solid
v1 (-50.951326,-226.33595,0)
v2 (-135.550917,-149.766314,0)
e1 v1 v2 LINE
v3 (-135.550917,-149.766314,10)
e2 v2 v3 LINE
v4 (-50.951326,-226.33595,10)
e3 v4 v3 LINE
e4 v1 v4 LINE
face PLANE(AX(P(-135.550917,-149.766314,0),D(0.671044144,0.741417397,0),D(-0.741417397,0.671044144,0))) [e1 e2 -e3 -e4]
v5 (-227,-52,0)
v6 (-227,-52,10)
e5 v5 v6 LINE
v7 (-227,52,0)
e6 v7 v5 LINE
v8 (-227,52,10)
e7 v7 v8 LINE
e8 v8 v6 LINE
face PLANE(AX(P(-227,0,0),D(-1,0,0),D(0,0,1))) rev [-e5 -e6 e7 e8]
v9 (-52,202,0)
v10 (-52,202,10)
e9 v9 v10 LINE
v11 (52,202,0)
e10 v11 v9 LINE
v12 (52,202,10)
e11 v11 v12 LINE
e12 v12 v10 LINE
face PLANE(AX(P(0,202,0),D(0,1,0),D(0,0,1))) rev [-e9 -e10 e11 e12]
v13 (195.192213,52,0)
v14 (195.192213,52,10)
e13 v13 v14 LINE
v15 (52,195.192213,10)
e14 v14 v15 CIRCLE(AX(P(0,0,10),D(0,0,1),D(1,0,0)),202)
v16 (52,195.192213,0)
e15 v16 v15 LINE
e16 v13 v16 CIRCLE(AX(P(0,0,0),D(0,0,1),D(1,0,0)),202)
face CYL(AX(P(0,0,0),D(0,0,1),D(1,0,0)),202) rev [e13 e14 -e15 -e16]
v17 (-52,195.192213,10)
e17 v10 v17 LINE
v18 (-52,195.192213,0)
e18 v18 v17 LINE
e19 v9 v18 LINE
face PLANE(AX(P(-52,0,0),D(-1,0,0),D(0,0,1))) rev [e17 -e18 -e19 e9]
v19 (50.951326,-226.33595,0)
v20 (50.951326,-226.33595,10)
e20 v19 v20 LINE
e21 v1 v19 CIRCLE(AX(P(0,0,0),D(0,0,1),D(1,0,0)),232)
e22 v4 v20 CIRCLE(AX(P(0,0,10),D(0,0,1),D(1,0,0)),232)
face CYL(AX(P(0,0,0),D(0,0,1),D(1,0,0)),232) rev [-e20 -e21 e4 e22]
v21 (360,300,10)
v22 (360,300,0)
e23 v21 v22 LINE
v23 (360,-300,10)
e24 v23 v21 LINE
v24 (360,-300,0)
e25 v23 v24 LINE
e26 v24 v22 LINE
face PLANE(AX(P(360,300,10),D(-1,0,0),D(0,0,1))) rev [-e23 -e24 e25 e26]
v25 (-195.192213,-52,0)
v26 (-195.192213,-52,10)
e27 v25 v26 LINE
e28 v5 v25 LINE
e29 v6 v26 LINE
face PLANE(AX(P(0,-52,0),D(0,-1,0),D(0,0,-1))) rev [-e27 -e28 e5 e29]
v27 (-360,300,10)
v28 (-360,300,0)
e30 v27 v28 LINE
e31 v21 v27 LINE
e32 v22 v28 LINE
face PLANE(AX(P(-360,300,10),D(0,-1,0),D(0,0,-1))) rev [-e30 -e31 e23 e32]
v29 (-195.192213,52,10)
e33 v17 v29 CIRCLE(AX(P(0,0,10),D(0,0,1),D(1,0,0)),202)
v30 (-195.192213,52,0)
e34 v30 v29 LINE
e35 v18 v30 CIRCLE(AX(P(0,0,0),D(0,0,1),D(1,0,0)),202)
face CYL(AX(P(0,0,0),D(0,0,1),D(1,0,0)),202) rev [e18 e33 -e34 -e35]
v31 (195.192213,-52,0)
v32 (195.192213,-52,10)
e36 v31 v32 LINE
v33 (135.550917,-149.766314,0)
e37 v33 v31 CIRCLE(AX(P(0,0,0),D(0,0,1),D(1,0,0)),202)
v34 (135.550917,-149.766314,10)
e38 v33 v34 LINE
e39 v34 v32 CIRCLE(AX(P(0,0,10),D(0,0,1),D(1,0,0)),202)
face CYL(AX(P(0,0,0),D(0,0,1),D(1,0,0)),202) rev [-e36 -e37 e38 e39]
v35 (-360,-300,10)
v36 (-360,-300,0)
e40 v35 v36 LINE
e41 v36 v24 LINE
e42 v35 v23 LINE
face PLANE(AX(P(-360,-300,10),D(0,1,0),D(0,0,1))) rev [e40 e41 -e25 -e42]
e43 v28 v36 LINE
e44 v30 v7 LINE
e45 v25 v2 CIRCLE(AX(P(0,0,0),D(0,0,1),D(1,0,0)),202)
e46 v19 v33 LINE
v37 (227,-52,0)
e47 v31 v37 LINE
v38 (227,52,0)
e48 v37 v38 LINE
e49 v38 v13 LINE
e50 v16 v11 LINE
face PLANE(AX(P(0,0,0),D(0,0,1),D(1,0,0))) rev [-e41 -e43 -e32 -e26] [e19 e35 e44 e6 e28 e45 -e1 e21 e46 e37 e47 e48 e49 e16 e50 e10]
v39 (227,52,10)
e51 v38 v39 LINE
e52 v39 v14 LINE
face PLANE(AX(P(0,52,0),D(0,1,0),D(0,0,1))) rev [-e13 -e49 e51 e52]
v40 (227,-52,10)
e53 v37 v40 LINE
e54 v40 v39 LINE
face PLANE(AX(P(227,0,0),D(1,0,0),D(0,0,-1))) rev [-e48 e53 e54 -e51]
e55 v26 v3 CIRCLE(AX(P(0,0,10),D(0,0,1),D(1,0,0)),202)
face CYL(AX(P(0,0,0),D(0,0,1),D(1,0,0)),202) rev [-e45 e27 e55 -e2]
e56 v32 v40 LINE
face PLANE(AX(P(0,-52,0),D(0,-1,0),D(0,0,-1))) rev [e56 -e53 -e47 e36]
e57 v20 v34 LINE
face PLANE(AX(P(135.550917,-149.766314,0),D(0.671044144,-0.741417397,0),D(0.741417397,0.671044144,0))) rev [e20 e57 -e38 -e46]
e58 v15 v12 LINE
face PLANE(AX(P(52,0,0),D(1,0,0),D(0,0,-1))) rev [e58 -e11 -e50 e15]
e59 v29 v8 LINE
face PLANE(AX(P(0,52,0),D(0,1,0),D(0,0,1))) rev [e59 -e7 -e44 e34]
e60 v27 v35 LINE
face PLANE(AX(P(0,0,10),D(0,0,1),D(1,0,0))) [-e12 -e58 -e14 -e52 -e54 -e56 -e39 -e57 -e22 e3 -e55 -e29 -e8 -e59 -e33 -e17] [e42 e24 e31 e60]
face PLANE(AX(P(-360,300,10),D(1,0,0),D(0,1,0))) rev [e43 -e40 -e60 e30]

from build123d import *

# Parameters (mm, degrees)
SKETCH_1_W          = 720
SKETCH_1_H          = 600
EXTRUDE_1_DEPTH     = 10
CUT_EXTRUDE_2_DEPTH = 469.72166581


with BuildPart() as part:
    # 草圖1 → 填料-伸長1 (new body)
    with BuildSketch(Plane.XY):
        Rectangle(SKETCH_1_W, SKETCH_1_H)
    extrude(amount=EXTRUDE_1_DEPTH)

    # 草圖2 → 除料-伸長2 (cut, through all)
    with BuildSketch(Plane.XY.offset(10)):
        with BuildLine():
            Line((-227, -52), (-195.192212959, -52))
            ThreePointArc((-195.192212959, -52), (-195.455703203, -51.000667501), (-195.714077164, -50))
            Line((-195.714077164, -50), (-225, -50))
            Line((-225, -50), (-225, 50))
            Line((-225, 50), (-195.714077164, 50))
            ThreePointArc((-195.714077164, 50), (-195.455703203, 51.000667501), (-195.192212959, 52))
            Line((-195.192212959, 52), (-227, 52))
            Line((-227, 52), (-227, -52))
        make_face()
        with BuildLine():
            Line((-225, -50), (-195.714077164, -50))
            ThreePointArc((-195.714077164, -50), (-202, 0), (-195.714077164, 50))
            Line((-195.714077164, 50), (-225, 50))
            Line((-225, 50), (-225, -50))
        make_face()
        with BuildLine():
            ThreePointArc((-193.64916731, 50), (-200, 0), (-193.64916731, -50))
            Line((-193.64916731, -50), (-125, -50))
            Line((-125, -50), (-125, 50))
            Line((-125, 50), (-193.64916731, 50))
        make_face()
        with BuildLine():
            ThreePointArc((-195.714077164, 50), (-202, 0), (-195.714077164, -50))
            Line((-195.714077164, -50), (-193.64916731, -50))
            ThreePointArc((-193.64916731, -50), (-200, 0), (-193.64916731, 50))
            Line((-193.64916731, 50), (-195.714077164, 50))
        make_face()
        with BuildLine():
            ThreePointArc((-193.64916731, 50), (-193.388030784, 51.000681851), (-193.121723273, 52))
            Line((-193.121723273, 52), (-195.192212959, 52))
            ThreePointArc((-195.192212959, 52), (-195.455703203, 51.000667501), (-195.714077164, 50))
            Line((-195.714077164, 50), (-193.64916731, 50))
        make_face()
        with BuildLine():
            ThreePointArc((-193.121723273, 52), (-141.421356237, 141.421356237), (-52, 193.121723273))
            Line((-52, 193.121723273), (-52, 195.192212959))
            ThreePointArc((-52, 195.192212959), (-142.8355698, 142.8355698), (-195.192212959, 52))
            Line((-195.192212959, 52), (-193.121723273, 52))
        make_face()
        with BuildLine():
            ThreePointArc((134.208828858, -148.283479378), (170.598797446, -104.384147791), (193.121723273, -52))
            Line((193.121723273, -52), (123, -52))
            Line((123, -52), (123, 52))
            Line((123, 52), (193.121723273, 52))
            ThreePointArc((193.121723273, 52), (141.421356237, 141.421356237), (52, 193.121723273))
            Line((52, 193.121723273), (52, 98))
            Line((52, 98), (-52, 98))
            Line((-52, 98), (-52, 193.121723273))
            ThreePointArc((-52, 193.121723273), (-141.421356237, 141.421356237), (-193.121723273, 52))
            Line((-193.121723273, 52), (-123, 52))
            Line((-123, 52), (-123, -52))
            Line((-123, -52), (-193.121723273, -52))
            ThreePointArc((-193.121723273, -52), (-170.598797446, -104.384147791), (-134.208828858, -148.283479378))
            Line((-134.208828858, -148.283479378), (-50, -224.499443206))
            ThreePointArc((-50, -224.499443206), (0, -230), (50, -224.499443206))
            Line((50, -224.499443206), (134.208828858, -148.283479378))
        make_face()
        with BuildLine():
            ThreePointArc((-193.64916731, -50), (-193.388030784, -51.000681851), (-193.121723273, -52))
            Line((-193.121723273, -52), (-123, -52))
            Line((-123, -52), (-123, 52))
            Line((-123, 52), (-193.121723273, 52))
            ThreePointArc((-193.121723273, 52), (-193.388030784, 51.000681851), (-193.64916731, 50))
            Line((-193.64916731, 50), (-125, 50))
            Line((-125, 50), (-125, -50))
            Line((-125, -50), (-193.64916731, -50))
        make_face()
        with BuildLine():
            Line((50, 100), (50, 193.64916731))
            ThreePointArc((50, 193.64916731), (25.200858902, 198.405939202), (8.18e-07, 200))
            ThreePointArc((8.18e-07, 200), (-25.200858091, 198.405939305), (-50, 193.64916731))
            Line((-50, 193.64916731), (-50, 100))
            Line((-50, 100), (50, 100))
        make_face()
        with BuildLine():
            Line((52, 98), (52, 193.121723273))
            ThreePointArc((52, 193.121723273), (51.000681851, 193.388030784), (50, 193.64916731))
            Line((50, 193.64916731), (50, 100))
            Line((50, 100), (-50, 100))
            Line((-50, 100), (-50, 193.64916731))
            ThreePointArc((-50, 193.64916731), (-51.000681851, 193.388030784), (-52, 193.121723273))
            Line((-52, 193.121723273), (-52, 98))
            Line((-52, 98), (52, 98))
        make_face()
        with BuildLine():
            ThreePointArc((-50, 195.714077164), (-39.236011871, 198.152808137), (-28.354893758, 200))
            Line((-28.354893758, 200), (-50, 200))
            Line((-50, 200), (-50, 195.714077164))
        make_face()
        with BuildLine():
            ThreePointArc((-28.354893758, 200), (-14.212670404, 201.499379652), (0, 202))
            Line((0, 202), (-52, 202))
            Line((-52, 202), (-52, 195.192212959))
            ThreePointArc((-52, 195.192212959), (-51.000667501, 195.455703203), (-50, 195.714077164))
            Line((-50, 195.714077164), (-50, 200))
            Line((-50, 200), (-28.354893758, 200))
        make_face()
        with BuildLine():
            Line((-52, 195.192212959), (-52, 193.121723273))
            ThreePointArc((-52, 193.121723273), (-51.000681851, 193.388030784), (-50, 193.64916731))
            Line((-50, 193.64916731), (-50, 195.714077164))
            ThreePointArc((-50, 195.714077164), (-51.000667501, 195.455703203), (-52, 195.192212959))
        make_face()
        with BuildLine():
            ThreePointArc((-50, 193.64916731), (-25.200858091, 198.405939305), (8.18e-07, 200))
            Line((8.18e-07, 200), (-28.354893758, 200))
            ThreePointArc((-28.354893758, 200), (-39.236011871, 198.152808137), (-50, 195.714077164))
            Line((-50, 195.714077164), (-50, 193.64916731))
        make_face()
        with BuildLine():
            ThreePointArc((28.354893758, 200), (14.212670404, 201.499379652), (0, 202))
            ThreePointArc((0, 202), (-14.212670404, 201.499379652), (-28.354893758, 200))
            Line((-28.354893758, 200), (8.18e-07, 200))
            Line((8.18e-07, 200), (28.354893758, 200))
        make_face()
        with BuildLine():
            ThreePointArc((50, 195.714077164), (51.000667501, 195.455703203), (52, 195.192212959))
            Line((52, 195.192212959), (52, 202))
            Line((52, 202), (0, 202))
            ThreePointArc((0, 202), (14.212670404, 201.499379652), (28.354893758, 200))
            Line((28.354893758, 200), (50, 200))
            Line((50, 200), (50, 195.714077164))
        make_face()
        with BuildLine():
            Line((50, 193.64916731), (50, 195.714077164))
            ThreePointArc((50, 195.714077164), (39.236011871, 198.152808137), (28.354893758, 200))
            Line((28.354893758, 200), (8.18e-07, 200))
            ThreePointArc((8.18e-07, 200), (25.200858902, 198.405939202), (50, 193.64916731))
        make_face()
        with BuildLine():
            ThreePointArc((28.354893758, 200), (39.236011871, 198.152808137), (50, 195.714077164))
            Line((50, 195.714077164), (50, 200))
            Line((50, 200), (28.354893758, 200))
        make_face()
        with BuildLine():
            Line((52, 193.121723273), (52, 195.192212959))
            ThreePointArc((52, 195.192212959), (51.000667501, 195.455703203), (50, 195.714077164))
            Line((50, 195.714077164), (50, 193.64916731))
            ThreePointArc((50, 193.64916731), (51.000681851, 193.388030784), (52, 193.121723273))
        make_face()
        with BuildLine():
            Line((193.121723273, 52), (195.192212959, 52))
            ThreePointArc((195.192212959, 52), (142.8355698, 142.8355698), (52, 195.192212959))
            Line((52, 195.192212959), (52, 193.121723273))
            ThreePointArc((52, 193.121723273), (141.421356237, 141.421356237), (193.121723273, 52))
        make_face()
        with BuildLine():
            Line((125, -50), (193.64916731, -50))
            ThreePointArc((193.64916731, -50), (200, 0), (193.64916731, 50))
            Line((193.64916731, 50), (125, 50))
            Line((125, 50), (125, -50))
        make_face()
        with BuildLine():
            ThreePointArc((193.121723273, -52), (193.388030784, -51.000681851), (193.64916731, -50))
            Line((193.64916731, -50), (125, -50))
            Line((125, -50), (125, 50))
            Line((125, 50), (193.64916731, 50))
            ThreePointArc((193.64916731, 50), (193.388030784, 51.000681851), (193.121723273, 52))
            Line((193.121723273, 52), (123, 52))
            Line((123, 52), (123, -52))
            Line((123, -52), (193.121723273, -52))
        make_face()
        with BuildLine():
            Line((195.714077164, -50), (225, -50))
            Line((225, -50), (225, 50))
            Line((225, 50), (195.714077164, 50))
            ThreePointArc((195.714077164, 50), (202, 0), (195.714077164, -50))
        make_face()
        with BuildLine():
            Line((193.64916731, -50), (195.714077164, -50))
            ThreePointArc((195.714077164, -50), (202, 0), (195.714077164, 50))
            Line((195.714077164, 50), (193.64916731, 50))
            ThreePointArc((193.64916731, 50), (200, 0), (193.64916731, -50))
        make_face()
        with BuildLine():
            Line((193.64916731, 50), (195.714077164, 50))
            ThreePointArc((195.714077164, 50), (195.455703203, 51.000667501), (195.192212959, 52))
            Line((195.192212959, 52), (193.121723273, 52))
            ThreePointArc((193.121723273, 52), (193.388030784, 51.000681851), (193.64916731, 50))
        make_face()
        with BuildLine():
            Line((225, 50), (225, -50))
            Line((225, -50), (195.714077164, -50))
            ThreePointArc((195.714077164, -50), (195.455703203, -51.000667501), (195.192212959, -52))
            Line((195.192212959, -52), (227, -52))
            Line((227, -52), (227, 52))
            Line((227, 52), (195.192212959, 52))
            ThreePointArc((195.192212959, 52), (195.455703203, 51.000667501), (195.714077164, 50))
            Line((195.714077164, 50), (225, 50))
        make_face()
        with BuildLine():
            ThreePointArc((195.192212959, -52), (195.455703203, -51.000667501), (195.714077164, -50))
            Line((195.714077164, -50), (193.64916731, -50))
            ThreePointArc((193.64916731, -50), (193.388030784, -51.000681851), (193.121723273, -52))
            Line((193.121723273, -52), (195.192212959, -52))
        make_face()
        with BuildLine():
            ThreePointArc((135.550917147, -149.766314172), (172.445114674, -105.198300486), (195.192212959, -52))
            Line((195.192212959, -52), (193.121723273, -52))
            ThreePointArc((193.121723273, -52), (170.598797446, -104.384147791), (134.208828858, -148.283479378))
            Line((134.208828858, -148.283479378), (50, -224.499443206))
            ThreePointArc((50, -224.499443206), (0, -230), (-50, -224.499443206))
            Line((-50, -224.499443206), (-134.208828858, -148.283479378))
            ThreePointArc((-134.208828858, -148.283479378), (-170.598797446, -104.384147791), (-193.121723273, -52))
            Line((-193.121723273, -52), (-195.192212959, -52))
            ThreePointArc((-195.192212959, -52), (-172.445114674, -105.198300486), (-135.550917147, -149.766314172))
            Line((-135.550917147, -149.766314172), (-50.951325963, -226.335950266))
            ThreePointArc((-50.951325963, -226.335950266), (0, -232), (50.951325963, -226.335950266))
            Line((50.951325963, -226.335950266), (135.550917147, -149.766314172))
        make_face()
        with BuildLine():
            ThreePointArc((-195.714077164, -50), (-195.455703203, -51.000667501), (-195.192212959, -52))
            Line((-195.192212959, -52), (-193.121723273, -52))
            ThreePointArc((-193.121723273, -52), (-193.388030784, -51.000681851), (-193.64916731, -50))
            Line((-193.64916731, -50), (-195.714077164, -50))
        make_face()
    extrude(amount=-CUT_EXTRUDE_2_DEPTH, mode=Mode.SUBTRACT)


solid = part.part
